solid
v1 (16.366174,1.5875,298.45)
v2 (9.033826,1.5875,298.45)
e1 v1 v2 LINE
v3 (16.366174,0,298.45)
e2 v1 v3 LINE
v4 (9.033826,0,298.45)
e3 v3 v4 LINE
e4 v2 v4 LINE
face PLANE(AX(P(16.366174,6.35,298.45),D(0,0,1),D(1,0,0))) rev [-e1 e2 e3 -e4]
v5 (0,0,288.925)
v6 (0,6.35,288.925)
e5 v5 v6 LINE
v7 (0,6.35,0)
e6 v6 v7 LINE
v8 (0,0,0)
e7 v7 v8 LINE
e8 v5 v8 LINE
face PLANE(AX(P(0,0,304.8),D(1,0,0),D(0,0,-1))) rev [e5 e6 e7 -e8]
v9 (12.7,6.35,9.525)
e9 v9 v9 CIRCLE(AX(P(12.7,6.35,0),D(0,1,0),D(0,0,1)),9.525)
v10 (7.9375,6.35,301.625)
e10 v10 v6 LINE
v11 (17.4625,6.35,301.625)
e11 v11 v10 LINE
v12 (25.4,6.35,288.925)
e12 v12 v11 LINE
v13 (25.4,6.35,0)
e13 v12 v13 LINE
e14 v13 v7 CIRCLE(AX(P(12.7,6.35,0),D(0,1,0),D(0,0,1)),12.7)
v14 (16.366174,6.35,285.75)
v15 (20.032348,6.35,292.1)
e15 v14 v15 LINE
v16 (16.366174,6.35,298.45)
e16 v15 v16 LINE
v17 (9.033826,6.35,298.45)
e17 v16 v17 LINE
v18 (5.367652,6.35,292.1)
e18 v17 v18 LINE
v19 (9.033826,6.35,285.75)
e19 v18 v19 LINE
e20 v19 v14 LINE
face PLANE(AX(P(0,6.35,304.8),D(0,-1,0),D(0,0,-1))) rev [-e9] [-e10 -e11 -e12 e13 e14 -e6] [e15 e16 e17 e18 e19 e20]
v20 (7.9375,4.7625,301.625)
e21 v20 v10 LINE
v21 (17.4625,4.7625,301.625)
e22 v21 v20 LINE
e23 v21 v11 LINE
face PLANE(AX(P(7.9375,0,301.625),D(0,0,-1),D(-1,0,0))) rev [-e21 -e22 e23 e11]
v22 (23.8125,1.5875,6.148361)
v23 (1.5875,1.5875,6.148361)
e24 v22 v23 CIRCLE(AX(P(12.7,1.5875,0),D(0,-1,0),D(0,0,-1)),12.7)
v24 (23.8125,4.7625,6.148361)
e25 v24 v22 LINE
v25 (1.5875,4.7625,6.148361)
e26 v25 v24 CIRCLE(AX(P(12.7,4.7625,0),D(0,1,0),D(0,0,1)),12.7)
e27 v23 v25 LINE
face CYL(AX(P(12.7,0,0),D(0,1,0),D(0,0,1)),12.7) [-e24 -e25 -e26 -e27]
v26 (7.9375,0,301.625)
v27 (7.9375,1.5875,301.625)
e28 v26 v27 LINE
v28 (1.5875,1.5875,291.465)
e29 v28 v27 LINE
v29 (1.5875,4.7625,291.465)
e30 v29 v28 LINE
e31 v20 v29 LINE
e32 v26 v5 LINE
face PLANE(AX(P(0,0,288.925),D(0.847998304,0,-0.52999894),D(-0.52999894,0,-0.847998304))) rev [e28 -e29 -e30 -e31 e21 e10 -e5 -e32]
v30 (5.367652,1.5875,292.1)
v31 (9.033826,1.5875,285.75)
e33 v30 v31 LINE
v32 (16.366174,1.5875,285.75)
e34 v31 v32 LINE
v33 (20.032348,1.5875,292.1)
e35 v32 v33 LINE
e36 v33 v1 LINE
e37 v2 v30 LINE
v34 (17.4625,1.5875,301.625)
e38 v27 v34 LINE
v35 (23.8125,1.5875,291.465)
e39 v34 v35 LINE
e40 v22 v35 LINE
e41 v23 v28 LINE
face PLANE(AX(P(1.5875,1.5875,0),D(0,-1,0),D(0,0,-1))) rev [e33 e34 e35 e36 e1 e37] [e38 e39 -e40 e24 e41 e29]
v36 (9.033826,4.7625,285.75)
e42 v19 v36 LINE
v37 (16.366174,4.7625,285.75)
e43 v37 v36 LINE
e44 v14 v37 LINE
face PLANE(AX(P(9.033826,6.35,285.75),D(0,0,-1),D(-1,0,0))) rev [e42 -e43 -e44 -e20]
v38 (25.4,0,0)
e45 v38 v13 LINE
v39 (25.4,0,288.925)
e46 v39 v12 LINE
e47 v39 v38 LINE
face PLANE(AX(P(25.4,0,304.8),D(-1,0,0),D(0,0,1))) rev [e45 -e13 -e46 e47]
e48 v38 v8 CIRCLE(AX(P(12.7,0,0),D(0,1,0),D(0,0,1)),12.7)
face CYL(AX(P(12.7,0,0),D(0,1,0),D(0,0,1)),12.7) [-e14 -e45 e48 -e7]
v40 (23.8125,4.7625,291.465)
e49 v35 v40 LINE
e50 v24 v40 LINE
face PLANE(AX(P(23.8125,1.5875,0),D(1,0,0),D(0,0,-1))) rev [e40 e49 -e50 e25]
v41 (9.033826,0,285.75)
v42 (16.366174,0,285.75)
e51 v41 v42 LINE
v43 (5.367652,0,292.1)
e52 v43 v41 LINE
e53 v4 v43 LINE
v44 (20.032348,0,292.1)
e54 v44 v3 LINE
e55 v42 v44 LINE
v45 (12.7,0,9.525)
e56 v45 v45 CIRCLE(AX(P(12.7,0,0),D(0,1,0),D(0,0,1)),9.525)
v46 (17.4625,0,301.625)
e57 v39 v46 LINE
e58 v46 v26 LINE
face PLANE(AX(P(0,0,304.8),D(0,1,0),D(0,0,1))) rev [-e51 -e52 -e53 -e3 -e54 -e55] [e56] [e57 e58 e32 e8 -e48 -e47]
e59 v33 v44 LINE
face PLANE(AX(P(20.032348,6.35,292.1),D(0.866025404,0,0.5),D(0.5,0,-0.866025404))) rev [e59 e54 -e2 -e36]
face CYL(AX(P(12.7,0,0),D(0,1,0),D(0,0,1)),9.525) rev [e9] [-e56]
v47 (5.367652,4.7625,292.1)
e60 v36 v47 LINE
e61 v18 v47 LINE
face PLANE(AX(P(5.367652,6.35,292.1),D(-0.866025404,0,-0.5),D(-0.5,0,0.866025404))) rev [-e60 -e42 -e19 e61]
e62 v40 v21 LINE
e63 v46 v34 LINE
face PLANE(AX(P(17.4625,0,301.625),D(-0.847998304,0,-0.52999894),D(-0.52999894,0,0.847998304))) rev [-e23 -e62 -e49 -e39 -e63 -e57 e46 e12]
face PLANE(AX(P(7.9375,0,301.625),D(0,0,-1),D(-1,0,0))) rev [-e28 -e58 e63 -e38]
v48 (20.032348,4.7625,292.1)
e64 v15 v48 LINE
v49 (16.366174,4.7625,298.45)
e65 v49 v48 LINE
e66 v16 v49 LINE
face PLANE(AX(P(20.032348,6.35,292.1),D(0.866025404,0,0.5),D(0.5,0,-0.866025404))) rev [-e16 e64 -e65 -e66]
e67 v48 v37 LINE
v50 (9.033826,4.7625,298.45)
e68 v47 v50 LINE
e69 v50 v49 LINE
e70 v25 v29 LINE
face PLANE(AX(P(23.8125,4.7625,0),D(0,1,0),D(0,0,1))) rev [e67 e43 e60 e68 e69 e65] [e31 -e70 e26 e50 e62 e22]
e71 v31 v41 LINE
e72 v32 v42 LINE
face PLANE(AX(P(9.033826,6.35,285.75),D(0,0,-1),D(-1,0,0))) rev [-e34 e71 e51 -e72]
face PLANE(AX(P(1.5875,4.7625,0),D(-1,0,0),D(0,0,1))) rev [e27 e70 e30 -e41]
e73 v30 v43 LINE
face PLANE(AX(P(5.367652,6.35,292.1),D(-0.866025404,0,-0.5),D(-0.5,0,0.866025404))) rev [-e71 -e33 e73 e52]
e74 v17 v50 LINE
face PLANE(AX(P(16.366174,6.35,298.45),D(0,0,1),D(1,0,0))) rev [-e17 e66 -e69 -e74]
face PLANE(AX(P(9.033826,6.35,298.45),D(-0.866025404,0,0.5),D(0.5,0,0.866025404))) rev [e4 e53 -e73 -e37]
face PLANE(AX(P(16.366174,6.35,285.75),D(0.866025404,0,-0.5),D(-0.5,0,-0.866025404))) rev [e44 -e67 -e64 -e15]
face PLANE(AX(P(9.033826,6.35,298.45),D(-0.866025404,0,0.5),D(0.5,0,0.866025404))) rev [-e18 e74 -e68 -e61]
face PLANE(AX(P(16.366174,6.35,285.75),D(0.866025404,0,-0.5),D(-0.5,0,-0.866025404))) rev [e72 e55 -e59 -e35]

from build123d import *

# Parameters (mm, degrees)
SKETCH1_W           = 25.4
SKETCH1_H           = 6.35
BOSS_EXTRUDE1_DEPTH = 304.8
SKETCH2_W           = 22.225
SKETCH2_H           = 3.175
CUT_EXTRUDE1_DEPTH  = 306.922412549
CUT_EXTRUDE2_DEPTH  = 306.922412549
CUT_EXTRUDE3_DEPTH  = 306.922412549
SKETCH5_R           = 12.7
BOSS_EXTRUDE2_DEPTH = 6.35
SKETCH6_R           = 9.525
CUT_EXTRUDE4_DEPTH  = 303.759183387


with BuildPart() as part:
    # Sketch1 → Boss-Extrude1 (new body)
    with BuildSketch(Plane.XY):
        with Locations((12.7, 3.175)):
            Rectangle(SKETCH1_W, SKETCH1_H)
    extrude(amount=BOSS_EXTRUDE1_DEPTH)

    # Sketch2 → Cut-Extrude1 (cut, through all)
    with BuildSketch(Plane.XY.offset(304.8)):
        with Locations((12.7, 3.175)):
            Rectangle(SKETCH2_W, SKETCH2_H)
    extrude(amount=-CUT_EXTRUDE1_DEPTH, mode=Mode.SUBTRACT)

    # Sketch3 → Cut-Extrude2 (cut, through all)
    with BuildSketch(Plane.XZ):
        Polygon((20.032348419, 292.1), (16.366174209, 298.45), (9.033825791, 298.45), (5.367651581, 292.1), (9.033825791, 285.75), (16.366174209, 285.75), align=None)
    extrude(amount=-CUT_EXTRUDE2_DEPTH, mode=Mode.SUBTRACT)

    # Sketch4 → Cut-Extrude3 (cut, through all)
    with BuildSketch(Plane(origin=(0, 6.35, 0), x_dir=(1, 0, 0), z_dir=(0, 1, 0))):
        Polygon((0, -288.925), (7.9375, -301.625), (17.4625, -301.625), (25.4, -288.925), (25.4, -304.8), (0, -304.8), align=None)
    extrude(amount=-CUT_EXTRUDE3_DEPTH, mode=Mode.SUBTRACT)

    # Sketch5 → Boss-Extrude2 (add)
    with BuildSketch(Plane(origin=(0, 6.35, 0), x_dir=(1, 0, 0), z_dir=(0, 1, 0))):
        with Locations((12.7, 0)):
            Circle(SKETCH5_R)
    extrude(amount=-BOSS_EXTRUDE2_DEPTH)

    # Sketch6 → Cut-Extrude4 (cut, through all)
    with BuildSketch(Plane(origin=(0, 6.35, 0), x_dir=(1, 0, 0), z_dir=(0, 1, 0))):
        with Locations(Location((12.7, 0, 0), (0, 0, 270))):
            Circle(SKETCH6_R)
    extrude(amount=-CUT_EXTRUDE4_DEPTH, mode=Mode.SUBTRACT)


solid = part.part
